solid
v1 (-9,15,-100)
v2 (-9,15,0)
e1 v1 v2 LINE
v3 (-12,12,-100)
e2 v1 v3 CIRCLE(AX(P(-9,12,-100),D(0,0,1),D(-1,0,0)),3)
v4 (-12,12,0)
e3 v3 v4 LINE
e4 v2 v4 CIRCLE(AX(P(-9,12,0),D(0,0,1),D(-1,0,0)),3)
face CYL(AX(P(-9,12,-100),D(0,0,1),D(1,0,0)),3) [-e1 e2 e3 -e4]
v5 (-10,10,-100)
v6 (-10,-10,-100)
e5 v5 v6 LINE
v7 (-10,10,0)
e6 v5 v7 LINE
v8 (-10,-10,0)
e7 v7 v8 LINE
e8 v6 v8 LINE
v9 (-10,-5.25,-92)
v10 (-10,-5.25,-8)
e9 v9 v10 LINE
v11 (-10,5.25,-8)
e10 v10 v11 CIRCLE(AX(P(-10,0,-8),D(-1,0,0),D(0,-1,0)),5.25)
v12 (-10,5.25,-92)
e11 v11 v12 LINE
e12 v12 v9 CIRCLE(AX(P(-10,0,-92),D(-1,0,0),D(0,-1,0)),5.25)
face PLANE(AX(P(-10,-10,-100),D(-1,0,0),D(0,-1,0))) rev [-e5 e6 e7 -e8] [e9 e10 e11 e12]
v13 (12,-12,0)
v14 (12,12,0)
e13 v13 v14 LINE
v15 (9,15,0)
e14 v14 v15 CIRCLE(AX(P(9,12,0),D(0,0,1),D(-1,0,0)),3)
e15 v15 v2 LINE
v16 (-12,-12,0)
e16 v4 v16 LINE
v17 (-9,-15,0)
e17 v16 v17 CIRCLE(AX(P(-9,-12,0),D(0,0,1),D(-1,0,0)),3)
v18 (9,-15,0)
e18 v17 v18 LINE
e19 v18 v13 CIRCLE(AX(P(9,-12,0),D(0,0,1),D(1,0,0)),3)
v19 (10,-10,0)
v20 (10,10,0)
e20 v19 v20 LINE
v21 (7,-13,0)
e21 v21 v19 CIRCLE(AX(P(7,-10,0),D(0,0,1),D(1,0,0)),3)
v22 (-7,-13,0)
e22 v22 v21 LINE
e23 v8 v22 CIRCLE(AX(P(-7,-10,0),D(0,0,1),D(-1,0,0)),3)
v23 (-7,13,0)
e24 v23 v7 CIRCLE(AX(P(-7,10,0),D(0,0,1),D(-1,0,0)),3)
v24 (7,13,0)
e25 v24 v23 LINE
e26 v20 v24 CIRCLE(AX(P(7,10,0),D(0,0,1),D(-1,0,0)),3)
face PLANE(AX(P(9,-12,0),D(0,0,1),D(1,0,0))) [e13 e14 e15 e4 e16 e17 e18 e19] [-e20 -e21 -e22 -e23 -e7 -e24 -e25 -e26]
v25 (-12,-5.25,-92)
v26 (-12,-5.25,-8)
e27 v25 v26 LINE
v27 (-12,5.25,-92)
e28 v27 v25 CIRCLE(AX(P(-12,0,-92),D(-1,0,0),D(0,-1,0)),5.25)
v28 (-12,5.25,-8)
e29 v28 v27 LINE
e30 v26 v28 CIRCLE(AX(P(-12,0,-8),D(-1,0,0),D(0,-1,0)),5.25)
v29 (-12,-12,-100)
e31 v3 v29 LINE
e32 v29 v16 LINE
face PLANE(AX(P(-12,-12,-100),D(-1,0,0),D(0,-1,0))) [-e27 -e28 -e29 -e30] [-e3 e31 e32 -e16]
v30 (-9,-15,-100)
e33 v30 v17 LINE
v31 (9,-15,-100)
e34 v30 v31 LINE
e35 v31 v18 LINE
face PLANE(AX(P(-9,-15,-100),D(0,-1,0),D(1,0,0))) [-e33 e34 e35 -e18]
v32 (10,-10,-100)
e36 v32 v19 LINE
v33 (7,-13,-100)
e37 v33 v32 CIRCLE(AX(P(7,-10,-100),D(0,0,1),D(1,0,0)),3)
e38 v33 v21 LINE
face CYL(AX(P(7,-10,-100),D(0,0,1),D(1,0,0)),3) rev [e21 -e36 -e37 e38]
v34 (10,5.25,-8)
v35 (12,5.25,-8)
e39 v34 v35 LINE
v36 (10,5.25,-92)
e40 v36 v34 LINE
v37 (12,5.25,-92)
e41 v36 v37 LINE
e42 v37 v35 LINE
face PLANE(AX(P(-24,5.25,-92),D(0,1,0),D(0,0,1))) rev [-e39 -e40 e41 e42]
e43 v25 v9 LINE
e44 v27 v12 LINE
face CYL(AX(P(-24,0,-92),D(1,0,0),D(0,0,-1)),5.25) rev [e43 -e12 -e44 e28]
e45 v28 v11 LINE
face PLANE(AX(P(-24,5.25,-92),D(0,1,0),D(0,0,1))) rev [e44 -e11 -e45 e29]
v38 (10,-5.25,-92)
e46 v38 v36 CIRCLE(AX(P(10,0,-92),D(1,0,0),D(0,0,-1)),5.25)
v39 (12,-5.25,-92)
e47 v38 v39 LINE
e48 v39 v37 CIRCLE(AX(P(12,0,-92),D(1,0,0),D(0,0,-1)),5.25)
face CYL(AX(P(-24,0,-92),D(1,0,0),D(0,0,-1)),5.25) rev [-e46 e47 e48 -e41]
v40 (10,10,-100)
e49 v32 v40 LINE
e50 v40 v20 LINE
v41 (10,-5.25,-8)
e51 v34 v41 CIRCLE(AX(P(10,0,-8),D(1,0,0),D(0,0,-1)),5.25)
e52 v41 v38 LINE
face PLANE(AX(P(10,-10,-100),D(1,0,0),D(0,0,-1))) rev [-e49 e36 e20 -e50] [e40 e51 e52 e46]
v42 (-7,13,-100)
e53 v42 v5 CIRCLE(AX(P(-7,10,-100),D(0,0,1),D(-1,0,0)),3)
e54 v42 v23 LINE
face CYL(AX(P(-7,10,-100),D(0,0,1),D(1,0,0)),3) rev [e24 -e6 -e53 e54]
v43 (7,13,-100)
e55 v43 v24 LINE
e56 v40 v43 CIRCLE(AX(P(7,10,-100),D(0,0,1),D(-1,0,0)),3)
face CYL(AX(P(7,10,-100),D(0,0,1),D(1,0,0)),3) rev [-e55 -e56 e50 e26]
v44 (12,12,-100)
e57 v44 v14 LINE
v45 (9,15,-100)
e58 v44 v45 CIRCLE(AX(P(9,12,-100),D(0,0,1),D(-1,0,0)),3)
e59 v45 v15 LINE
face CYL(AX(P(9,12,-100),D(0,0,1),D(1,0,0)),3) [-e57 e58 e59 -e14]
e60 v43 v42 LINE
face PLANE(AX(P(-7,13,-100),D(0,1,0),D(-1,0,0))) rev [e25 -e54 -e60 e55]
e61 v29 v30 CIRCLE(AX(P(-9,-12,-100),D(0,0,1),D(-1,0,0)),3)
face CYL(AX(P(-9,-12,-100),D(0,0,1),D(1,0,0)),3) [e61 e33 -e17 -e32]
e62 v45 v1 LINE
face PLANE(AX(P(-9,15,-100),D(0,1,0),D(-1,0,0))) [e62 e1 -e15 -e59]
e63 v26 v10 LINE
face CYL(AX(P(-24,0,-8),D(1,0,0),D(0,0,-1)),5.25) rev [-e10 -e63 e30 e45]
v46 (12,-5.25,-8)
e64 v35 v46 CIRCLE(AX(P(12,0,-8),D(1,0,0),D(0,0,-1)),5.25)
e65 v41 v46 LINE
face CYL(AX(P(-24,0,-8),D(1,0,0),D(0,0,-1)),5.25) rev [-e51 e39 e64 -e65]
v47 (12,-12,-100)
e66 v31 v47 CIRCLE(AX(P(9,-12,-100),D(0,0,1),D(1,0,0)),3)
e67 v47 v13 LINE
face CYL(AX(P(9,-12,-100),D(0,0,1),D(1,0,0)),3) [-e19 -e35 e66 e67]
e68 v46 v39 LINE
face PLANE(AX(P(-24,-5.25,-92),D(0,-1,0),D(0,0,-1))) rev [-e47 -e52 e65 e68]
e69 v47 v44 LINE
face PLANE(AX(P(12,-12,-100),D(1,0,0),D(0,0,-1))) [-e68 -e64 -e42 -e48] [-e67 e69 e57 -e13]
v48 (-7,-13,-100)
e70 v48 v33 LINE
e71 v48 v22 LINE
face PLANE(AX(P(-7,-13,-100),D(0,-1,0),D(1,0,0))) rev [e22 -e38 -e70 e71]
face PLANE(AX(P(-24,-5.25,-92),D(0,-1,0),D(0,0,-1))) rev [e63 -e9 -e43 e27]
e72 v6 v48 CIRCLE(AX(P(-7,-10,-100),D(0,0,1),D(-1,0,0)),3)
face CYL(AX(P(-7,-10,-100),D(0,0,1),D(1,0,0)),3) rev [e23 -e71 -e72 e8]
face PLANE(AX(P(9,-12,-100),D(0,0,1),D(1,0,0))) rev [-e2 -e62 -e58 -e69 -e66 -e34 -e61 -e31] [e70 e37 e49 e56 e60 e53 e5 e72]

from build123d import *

# Parameters (mm, degrees)
BOSS_EXTRU_1_DEPTH      = 100
ENL_V_MAT_EXTRU_1_DEPTH = 36


with BuildPart() as part:
    # Esquisse1 → Boss.-Extru.1 (new body)
    with BuildSketch(Plane.XY):
        with BuildLine():
            Line((-9, -15), (9, -15))
            ThreePointArc((9, -15), (11.121320344, -14.121320344), (12, -12))
            Line((12, -12), (12, 12))
            ThreePointArc((12, 12), (11.121320344, 14.121320344), (9, 15))
            Line((9, 15), (-9, 15))
            ThreePointArc((-9, 15), (-11.121320344, 14.121320344), (-12, 12))
            Line((-12, 12), (-12, -12))
            ThreePointArc((-12, -12), (-11.121320344, -14.121320344), (-9, -15))
        make_face()
        with BuildLine():
            Line((-7, -13), (7, -13))
            ThreePointArc((7, -13), (9.121320344, -12.121320344), (10, -10))
            Line((10, -10), (10, 10))
            ThreePointArc((10, 10), (9.121320344, 12.121320344), (7, 13))
            Line((7, 13), (-7, 13))
            ThreePointArc((-7, 13), (-9.121320344, 12.121320344), (-10, 10))
            Line((-10, 10), (-10, -10))
            ThreePointArc((-10, -10), (-9.121320344, -12.121320344), (-7, -13))
        make_face(mode=Mode.SUBTRACT)
    extrude(amount=-BOSS_EXTRU_1_DEPTH)

    # Esquisse2 → Enlèv. mat.-Extru.1 (cut)
    with BuildSketch(Plane(origin=(12, 0, 0), x_dir=(0, 0, -1), z_dir=(1, 0, 0))):
        with BuildLine():
            Line((92, -5.25), (8, -5.25))
            ThreePointArc((8, -5.25), (2.75, 0), (8, 5.25))
            Line((8, 5.25), (92, 5.25))
            ThreePointArc((92, 5.25), (97.25, 0), (92, -5.25))
        make_face()
    extrude(amount=-ENL_V_MAT_EXTRU_1_DEPTH, mode=Mode.SUBTRACT)


solid = part.part
